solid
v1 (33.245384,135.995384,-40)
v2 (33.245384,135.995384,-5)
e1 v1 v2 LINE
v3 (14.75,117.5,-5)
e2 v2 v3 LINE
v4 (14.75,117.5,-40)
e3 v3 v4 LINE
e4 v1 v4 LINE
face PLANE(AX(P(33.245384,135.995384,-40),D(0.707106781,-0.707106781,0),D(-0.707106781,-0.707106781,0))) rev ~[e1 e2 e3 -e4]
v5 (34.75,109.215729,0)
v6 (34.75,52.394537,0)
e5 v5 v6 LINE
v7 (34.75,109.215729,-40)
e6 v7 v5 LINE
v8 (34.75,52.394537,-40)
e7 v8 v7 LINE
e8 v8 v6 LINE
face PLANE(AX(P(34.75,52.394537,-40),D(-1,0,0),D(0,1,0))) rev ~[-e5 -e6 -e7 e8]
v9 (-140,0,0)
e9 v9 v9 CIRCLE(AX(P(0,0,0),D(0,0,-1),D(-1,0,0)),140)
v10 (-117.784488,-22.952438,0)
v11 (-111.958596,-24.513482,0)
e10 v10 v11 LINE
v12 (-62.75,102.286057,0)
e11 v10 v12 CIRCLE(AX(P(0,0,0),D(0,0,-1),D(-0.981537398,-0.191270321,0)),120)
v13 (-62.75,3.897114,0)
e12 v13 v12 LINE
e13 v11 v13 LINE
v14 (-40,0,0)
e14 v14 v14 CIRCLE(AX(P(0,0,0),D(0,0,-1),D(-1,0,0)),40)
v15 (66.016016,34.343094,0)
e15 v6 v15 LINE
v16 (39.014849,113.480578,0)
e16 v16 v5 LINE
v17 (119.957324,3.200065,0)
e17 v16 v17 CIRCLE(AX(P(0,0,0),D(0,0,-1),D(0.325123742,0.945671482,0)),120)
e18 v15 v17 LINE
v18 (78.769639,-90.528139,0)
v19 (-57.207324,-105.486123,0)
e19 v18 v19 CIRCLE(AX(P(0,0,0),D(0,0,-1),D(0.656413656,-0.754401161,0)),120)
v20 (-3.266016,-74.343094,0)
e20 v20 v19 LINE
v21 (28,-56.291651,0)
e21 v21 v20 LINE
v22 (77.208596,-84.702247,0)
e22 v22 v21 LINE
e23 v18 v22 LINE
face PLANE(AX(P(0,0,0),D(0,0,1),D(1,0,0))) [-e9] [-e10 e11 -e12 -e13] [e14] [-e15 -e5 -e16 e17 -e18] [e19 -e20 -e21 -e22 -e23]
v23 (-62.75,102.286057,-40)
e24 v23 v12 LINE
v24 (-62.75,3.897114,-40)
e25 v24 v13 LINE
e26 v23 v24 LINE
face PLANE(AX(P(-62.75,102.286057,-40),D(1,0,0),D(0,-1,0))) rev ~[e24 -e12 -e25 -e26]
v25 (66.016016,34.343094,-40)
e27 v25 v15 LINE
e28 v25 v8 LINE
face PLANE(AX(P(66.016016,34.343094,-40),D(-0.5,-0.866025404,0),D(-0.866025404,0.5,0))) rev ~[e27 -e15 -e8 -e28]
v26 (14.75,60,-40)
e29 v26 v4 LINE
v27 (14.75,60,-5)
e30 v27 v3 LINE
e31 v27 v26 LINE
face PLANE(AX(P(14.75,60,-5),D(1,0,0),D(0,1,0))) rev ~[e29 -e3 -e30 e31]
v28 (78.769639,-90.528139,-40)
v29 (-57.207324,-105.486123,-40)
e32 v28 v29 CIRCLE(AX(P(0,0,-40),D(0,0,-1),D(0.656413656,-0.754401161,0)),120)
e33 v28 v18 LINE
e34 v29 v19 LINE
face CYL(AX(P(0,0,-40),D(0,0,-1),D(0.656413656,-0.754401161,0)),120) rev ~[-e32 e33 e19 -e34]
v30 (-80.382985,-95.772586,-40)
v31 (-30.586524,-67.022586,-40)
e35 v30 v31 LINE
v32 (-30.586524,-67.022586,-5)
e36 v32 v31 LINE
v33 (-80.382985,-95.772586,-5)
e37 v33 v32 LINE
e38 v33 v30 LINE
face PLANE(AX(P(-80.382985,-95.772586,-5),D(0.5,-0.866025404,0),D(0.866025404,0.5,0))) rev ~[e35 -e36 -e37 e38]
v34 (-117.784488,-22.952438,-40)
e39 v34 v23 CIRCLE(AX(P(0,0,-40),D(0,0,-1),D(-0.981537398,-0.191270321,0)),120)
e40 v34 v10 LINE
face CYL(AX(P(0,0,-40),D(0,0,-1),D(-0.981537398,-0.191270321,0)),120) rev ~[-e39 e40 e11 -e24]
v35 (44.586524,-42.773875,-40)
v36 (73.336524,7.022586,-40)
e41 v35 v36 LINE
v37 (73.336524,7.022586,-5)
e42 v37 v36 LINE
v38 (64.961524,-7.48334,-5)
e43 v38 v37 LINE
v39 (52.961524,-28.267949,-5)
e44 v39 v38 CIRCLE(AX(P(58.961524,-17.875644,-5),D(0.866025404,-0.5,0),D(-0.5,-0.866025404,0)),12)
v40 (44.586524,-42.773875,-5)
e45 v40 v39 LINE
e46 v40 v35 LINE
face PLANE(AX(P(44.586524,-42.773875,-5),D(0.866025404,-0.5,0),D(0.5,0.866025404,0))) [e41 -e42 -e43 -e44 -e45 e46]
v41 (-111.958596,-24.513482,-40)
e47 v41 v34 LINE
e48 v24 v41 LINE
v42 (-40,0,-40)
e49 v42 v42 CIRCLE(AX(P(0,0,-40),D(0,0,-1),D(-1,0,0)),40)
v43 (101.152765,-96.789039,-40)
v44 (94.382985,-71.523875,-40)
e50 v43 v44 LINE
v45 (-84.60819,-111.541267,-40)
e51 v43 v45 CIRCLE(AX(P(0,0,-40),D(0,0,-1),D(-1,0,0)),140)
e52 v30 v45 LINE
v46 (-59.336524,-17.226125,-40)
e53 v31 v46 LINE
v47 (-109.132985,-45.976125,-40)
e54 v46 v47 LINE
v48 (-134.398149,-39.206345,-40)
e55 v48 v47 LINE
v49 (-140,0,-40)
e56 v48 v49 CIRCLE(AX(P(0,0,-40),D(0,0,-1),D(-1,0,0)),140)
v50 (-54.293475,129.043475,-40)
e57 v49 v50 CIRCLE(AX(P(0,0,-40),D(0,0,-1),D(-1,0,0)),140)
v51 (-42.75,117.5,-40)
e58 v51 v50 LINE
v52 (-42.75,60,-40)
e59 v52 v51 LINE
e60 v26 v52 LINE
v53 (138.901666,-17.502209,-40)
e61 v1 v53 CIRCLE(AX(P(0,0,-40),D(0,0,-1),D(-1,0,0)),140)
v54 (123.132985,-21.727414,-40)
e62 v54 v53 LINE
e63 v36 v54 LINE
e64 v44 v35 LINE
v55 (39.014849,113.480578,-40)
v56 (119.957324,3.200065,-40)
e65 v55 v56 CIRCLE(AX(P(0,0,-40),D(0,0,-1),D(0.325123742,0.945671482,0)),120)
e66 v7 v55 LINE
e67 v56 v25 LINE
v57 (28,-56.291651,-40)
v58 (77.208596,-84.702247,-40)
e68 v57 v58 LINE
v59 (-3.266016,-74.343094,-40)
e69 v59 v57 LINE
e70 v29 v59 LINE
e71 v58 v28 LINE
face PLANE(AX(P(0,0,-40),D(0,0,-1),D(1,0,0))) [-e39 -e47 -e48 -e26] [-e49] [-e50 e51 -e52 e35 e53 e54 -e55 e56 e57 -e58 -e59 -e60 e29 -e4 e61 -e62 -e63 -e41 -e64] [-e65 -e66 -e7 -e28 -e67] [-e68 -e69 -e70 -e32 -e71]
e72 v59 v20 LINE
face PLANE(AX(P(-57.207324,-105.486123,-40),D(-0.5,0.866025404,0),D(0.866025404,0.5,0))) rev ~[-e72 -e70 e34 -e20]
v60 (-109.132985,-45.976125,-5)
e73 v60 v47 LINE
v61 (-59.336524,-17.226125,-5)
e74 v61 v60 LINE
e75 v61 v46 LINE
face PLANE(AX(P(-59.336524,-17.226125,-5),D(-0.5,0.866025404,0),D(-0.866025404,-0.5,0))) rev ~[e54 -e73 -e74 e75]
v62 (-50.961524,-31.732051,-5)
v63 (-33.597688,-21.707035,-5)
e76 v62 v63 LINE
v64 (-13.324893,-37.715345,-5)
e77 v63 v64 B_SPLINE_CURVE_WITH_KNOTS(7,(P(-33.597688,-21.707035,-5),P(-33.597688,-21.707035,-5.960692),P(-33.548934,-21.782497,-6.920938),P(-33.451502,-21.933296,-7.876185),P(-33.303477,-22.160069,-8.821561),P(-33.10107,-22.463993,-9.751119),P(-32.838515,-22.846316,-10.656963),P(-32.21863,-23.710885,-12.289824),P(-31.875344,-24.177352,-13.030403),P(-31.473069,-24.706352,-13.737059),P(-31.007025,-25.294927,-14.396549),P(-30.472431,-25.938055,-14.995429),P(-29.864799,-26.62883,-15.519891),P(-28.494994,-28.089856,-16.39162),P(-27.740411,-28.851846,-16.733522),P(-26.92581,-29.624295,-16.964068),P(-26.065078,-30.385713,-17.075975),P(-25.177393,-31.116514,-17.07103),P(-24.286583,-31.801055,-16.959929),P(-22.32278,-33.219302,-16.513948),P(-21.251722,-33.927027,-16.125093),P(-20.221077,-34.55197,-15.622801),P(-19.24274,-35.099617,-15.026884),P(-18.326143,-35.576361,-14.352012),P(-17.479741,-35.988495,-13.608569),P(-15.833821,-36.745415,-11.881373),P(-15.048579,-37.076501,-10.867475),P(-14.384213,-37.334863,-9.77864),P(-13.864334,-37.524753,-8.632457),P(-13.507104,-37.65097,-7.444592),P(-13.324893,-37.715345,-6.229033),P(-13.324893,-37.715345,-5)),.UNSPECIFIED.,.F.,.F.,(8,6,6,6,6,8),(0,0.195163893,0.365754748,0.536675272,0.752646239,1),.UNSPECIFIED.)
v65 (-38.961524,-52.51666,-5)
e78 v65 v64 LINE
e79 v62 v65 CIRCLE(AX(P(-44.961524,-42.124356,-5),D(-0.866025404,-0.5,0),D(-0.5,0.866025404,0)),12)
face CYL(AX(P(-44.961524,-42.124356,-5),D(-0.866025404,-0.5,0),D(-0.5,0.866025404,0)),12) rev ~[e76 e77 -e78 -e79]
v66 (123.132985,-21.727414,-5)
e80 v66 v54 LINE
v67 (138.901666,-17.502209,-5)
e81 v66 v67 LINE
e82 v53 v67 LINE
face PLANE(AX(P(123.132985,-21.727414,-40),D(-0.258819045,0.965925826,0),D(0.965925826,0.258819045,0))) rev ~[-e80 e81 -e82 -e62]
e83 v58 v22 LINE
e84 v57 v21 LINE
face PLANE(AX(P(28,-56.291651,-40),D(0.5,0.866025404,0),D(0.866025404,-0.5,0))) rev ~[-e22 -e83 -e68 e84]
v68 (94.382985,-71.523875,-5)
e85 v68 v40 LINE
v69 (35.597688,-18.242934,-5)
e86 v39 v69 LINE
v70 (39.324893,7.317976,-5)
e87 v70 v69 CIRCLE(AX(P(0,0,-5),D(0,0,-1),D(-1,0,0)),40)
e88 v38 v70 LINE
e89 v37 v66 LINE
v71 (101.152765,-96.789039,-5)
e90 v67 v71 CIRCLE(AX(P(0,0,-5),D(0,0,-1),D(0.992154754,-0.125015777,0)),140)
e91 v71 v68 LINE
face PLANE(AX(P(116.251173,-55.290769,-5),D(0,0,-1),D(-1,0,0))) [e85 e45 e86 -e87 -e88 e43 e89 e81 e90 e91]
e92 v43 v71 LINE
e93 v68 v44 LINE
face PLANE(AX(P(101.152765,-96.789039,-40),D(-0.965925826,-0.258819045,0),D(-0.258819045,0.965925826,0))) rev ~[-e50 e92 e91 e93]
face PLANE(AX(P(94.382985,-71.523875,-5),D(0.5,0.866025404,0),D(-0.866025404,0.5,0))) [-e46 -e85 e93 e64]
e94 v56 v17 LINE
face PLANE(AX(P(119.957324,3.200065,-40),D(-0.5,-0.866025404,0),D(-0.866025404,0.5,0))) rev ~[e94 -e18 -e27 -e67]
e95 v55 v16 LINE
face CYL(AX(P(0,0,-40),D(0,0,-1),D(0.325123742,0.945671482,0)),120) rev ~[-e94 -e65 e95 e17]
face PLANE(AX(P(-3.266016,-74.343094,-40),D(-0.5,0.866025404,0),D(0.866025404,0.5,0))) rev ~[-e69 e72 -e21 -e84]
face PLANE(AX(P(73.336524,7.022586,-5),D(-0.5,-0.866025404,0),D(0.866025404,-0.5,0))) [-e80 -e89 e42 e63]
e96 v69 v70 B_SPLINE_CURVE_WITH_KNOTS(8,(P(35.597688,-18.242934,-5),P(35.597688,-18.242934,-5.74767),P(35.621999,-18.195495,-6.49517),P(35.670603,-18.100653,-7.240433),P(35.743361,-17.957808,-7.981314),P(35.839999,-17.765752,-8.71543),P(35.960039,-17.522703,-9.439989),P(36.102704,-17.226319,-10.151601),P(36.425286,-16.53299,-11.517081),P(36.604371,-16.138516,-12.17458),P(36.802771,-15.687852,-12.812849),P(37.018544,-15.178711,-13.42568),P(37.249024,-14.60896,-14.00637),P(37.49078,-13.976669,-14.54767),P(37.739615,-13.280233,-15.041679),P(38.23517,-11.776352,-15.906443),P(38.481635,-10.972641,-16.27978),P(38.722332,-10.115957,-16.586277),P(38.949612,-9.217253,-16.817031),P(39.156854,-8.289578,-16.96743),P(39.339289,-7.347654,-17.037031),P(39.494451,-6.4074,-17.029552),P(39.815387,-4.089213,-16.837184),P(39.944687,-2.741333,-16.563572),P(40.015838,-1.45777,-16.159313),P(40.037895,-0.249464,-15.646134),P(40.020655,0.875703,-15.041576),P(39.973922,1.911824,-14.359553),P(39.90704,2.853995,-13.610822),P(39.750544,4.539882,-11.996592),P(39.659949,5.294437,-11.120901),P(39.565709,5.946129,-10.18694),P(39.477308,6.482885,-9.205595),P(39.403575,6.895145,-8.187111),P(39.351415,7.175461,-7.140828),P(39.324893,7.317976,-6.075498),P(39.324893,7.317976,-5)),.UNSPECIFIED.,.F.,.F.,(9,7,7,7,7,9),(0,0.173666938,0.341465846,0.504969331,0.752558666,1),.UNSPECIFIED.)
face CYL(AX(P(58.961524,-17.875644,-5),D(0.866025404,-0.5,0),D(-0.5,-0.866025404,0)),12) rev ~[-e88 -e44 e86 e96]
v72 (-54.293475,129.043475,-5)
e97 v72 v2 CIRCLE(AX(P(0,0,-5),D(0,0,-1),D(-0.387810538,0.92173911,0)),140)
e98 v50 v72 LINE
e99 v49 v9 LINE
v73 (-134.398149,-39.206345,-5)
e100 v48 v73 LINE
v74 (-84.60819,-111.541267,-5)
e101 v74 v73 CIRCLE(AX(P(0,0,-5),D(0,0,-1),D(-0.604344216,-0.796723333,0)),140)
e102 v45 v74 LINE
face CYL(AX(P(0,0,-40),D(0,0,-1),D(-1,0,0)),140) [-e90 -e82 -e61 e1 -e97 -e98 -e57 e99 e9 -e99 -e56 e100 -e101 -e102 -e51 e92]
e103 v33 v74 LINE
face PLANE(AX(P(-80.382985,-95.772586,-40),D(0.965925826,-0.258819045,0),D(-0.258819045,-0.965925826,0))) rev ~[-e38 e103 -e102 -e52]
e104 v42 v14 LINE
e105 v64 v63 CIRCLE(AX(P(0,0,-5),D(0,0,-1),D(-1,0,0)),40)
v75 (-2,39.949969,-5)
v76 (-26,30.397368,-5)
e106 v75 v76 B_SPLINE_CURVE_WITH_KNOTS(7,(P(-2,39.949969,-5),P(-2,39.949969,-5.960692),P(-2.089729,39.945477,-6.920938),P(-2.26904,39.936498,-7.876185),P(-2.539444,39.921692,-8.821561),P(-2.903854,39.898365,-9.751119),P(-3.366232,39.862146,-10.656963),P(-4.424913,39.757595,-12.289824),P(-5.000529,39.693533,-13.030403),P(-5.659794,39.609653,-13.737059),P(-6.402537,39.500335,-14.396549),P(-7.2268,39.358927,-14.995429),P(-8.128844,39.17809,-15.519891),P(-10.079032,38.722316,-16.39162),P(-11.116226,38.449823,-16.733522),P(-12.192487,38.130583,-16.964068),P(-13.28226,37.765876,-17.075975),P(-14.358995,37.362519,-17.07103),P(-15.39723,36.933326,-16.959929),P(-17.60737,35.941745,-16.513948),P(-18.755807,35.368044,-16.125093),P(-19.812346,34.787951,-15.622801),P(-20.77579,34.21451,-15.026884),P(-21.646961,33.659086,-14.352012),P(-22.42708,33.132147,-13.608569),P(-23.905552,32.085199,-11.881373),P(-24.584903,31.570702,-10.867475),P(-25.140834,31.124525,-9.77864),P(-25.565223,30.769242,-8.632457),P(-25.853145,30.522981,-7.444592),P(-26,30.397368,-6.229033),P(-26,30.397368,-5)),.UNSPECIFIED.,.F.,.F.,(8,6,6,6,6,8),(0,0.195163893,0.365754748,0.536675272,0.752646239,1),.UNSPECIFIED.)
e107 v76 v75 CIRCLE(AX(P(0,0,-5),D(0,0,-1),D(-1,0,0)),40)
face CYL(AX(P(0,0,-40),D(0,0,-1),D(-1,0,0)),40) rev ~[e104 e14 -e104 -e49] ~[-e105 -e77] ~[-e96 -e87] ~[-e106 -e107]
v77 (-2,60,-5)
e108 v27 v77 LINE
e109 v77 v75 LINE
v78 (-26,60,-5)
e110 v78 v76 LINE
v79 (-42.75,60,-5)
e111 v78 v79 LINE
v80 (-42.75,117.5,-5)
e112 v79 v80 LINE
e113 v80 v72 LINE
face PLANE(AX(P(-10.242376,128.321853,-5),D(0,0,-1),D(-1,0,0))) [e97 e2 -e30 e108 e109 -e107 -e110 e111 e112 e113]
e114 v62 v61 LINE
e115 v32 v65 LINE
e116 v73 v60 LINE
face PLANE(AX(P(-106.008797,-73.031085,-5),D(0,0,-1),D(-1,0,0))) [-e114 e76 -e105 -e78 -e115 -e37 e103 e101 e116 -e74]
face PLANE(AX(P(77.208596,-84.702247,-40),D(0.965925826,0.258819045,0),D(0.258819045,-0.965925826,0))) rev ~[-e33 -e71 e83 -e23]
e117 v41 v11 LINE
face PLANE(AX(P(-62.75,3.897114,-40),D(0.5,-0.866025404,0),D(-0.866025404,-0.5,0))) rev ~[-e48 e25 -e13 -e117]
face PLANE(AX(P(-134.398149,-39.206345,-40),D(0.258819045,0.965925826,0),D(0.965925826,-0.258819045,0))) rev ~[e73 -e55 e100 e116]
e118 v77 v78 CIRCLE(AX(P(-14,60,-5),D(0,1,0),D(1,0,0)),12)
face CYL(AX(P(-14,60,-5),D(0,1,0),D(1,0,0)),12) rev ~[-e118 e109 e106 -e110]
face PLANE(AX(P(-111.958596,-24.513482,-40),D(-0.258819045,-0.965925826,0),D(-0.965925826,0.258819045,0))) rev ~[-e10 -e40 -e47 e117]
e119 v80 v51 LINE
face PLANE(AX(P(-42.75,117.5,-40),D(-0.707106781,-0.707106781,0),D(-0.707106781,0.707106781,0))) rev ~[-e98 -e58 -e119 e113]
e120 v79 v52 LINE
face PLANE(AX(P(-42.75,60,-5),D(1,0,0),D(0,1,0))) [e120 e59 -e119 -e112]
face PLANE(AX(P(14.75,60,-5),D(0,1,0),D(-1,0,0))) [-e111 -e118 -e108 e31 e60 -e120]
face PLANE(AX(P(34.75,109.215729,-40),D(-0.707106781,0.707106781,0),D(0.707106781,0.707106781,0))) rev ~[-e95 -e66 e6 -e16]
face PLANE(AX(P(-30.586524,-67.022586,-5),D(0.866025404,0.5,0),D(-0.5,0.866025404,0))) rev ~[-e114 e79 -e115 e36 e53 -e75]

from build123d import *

# Parameters (mm, degrees)
SKETCH1_R               = 250
BOSS_EXTRUDE1_DEPTH     = 5
SKETCH2_R               = 250
SKETCH2_W               = 57.5
SKETCH2_H               = 57.5
BOSS_EXTRUDE2_DEPTH     = 35
SKETCH3_R               = 250
SKETCH3_R_2             = 140
CUT_EXTRUDE1_DEPTH      = 356.808937493
CUT_EXTRUDE2_DEPTH      = 35
SKETCH5_R               = 40
CUT_EXTRUDE3_DEPTH      = 202.990098767
CUT_EXTRUDE4_REACH      = 261.517
CUT_EXTRUDE4_END_RADIUS = 40
CUT_EXTRUDE5_REACH      = 249.386
CUT_EXTRUDE5_END_RADIUS = 40
CUT_EXTRUDE6_REACH      = 261.517
CUT_EXTRUDE6_END_RADIUS = 40
CUT_EXTRUDE7_DEPTH      = 202.990098787


with BuildPart() as part:
    # Sketch1 → Boss-Extrude1 (new body)
    with BuildSketch(Plane.XY):
        Circle(SKETCH1_R)
    extrude(amount=-BOSS_EXTRUDE1_DEPTH)

    # Sketch2 → Boss-Extrude2 (add)
    with BuildSketch(Plane(origin=(0, 0, -5), x_dir=(-1, 0, 0), z_dir=(0, 0, -1))):
        with Locations(Location((0, 0, 0), (0, 0, 180))):
            Circle(SKETCH2_R)
        Polygon((-73.336524227, 7.022586012), (-123.132984945, -21.727413988), (-94.382984945, -71.523874706), (-44.586524227, -42.773874706), align=None, mode=Mode.SUBTRACT)
        with Locations((14, 88.75)):
            Rectangle(SKETCH2_W, SKETCH2_H, mode=Mode.SUBTRACT)
        Polygon((80.382984945, -95.772586012), (30.586524227, -67.022586012), (59.336524227, -17.226125294), (109.132984945, -45.976125294), align=None, mode=Mode.SUBTRACT)
    extrude(amount=BOSS_EXTRUDE2_DEPTH)

    # Sketch3 → Cut-Extrude1 (cut, through all)
    with BuildSketch(Plane(origin=(0, 0, -40), x_dir=(-1, 0, 0), z_dir=(0, 0, -1))):
        Circle(SKETCH3_R)
        Circle(SKETCH3_R_2, mode=Mode.SUBTRACT)
    extrude(amount=-CUT_EXTRUDE1_DEPTH, mode=Mode.SUBTRACT)

    # Sketch4 → Cut-Extrude2 (cut)
    with BuildSketch(Plane(origin=(0, 0, -40), x_dir=(-1, 0, 0), z_dir=(0, 0, -1))):
        with BuildLine():
            Line((42.75, 117.5), (54.293475361, 129.043475361))
            ThreePointArc((54.293475361, 129.043475361), (11.083221394, 139.560604053), (-33.245383921, 135.995383921))
            Line((-33.245383921, 135.995383921), (-14.75, 117.5))
            Line((-14.75, 117.5), (42.75, 117.5))
        make_face()
        with BuildLine():
            Line((-123.132984945, -21.727413988), (-138.901665536, -17.502208758))
            ThreePointArc((-138.901665536, -17.502208758), (-126.404639174, -60.181950743), (-101.152765313, -96.789038995))
            Line((-101.152765313, -96.789038995), (-94.382984945, -71.523874706))
            Line((-94.382984945, -71.523874706), (-123.132984945, -21.727413988))
        make_face()
        with BuildLine():
            Line((80.382984945, -95.772586012), (84.608190175, -111.541266603))
            ThreePointArc((84.608190175, -111.541266603), (115.32141778, -79.378653309), (134.398149234, -39.206344926))
            Line((134.398149234, -39.206344926), (109.132984945, -45.976125294))
            Line((109.132984945, -45.976125294), (80.382984945, -95.772586012))
        make_face()
    extrude(amount=-CUT_EXTRUDE2_DEPTH, mode=Mode.SUBTRACT)

    # Sketch5 → Cut-Extrude3 (cut, through all)
    with BuildSketch(Plane(origin=(0, 0, -40), x_dir=(-1, 0, 0), z_dir=(0, 0, -1))):
        Circle(SKETCH5_R)
    extrude(amount=-CUT_EXTRUDE3_DEPTH, mode=Mode.SUBTRACT)

    # Cut-Extrude4: up to this cylinder (the profile starts outside it)
    cut_extrude4_end = Plane(origin=(0, 0, -10.092958), z_dir=(0, 0, -1)) * Cylinder(CUT_EXTRUDE4_END_RADIUS, 604.034, mode=Mode.PRIVATE)
    # Sketch7 → Cut-Extrude4 (cut, up to the surface)
    with BuildSketch(Plane(origin=(-51.961524227, -30, 0), x_dir=(0, 0, 1), z_dir=(-0.866025403784445, -0.49999999999998906, 0)), mode=Mode.PRIVATE) as cut_extrude4_sk1:
        with BuildLine():
            Line((-5, -26), (-5, -2))
            ThreePointArc((-5, -2), (-17, -14), (-5, -26))
        make_face()
    cut_extrude4_tool1 = extrude(cut_extrude4_sk1.sketch, amount=-CUT_EXTRUDE4_REACH, mode=Mode.PRIVATE) - cut_extrude4_end
    add(cut_extrude4_tool1.solids().sort_by_distance((-44.961524, -42.124356, -10.092958))[0], mode=Mode.SUBTRACT)

    # Cut-Extrude5: up to this cylinder (the profile starts outside it)
    cut_extrude5_end = Plane(origin=(0, 0, -10.092958), z_dir=(0, 0, -1)) * Cylinder(CUT_EXTRUDE5_END_RADIUS, 579.772, mode=Mode.PRIVATE)
    # Sketch8 → Cut-Extrude5 (cut, up to the surface)
    with BuildSketch(Plane(origin=(0, 60, 0), x_dir=(1, 0, 0), z_dir=(0, 1, 0)), mode=Mode.PRIVATE) as cut_extrude5_sk1:
        with BuildLine():
            Line((-26, 5), (-2, 5))
            ThreePointArc((-2, 5), (-14, 17), (-26, 5))
        make_face()
    cut_extrude5_tool1 = extrude(cut_extrude5_sk1.sketch, amount=-CUT_EXTRUDE5_REACH, mode=Mode.PRIVATE) - cut_extrude5_end
    add(cut_extrude5_tool1.solids().sort_by_distance((-14, 60, -10.092958))[0], mode=Mode.SUBTRACT)

    # Cut-Extrude6: up to this cylinder (the profile starts outside it)
    cut_extrude6_end = Plane(origin=(0, 0, -10.092958), z_dir=(0, 0, -1)) * Cylinder(CUT_EXTRUDE6_END_RADIUS, 604.034, mode=Mode.PRIVATE)
    # Sketch9 → Cut-Extrude6 (cut, up to the surface)
    with BuildSketch(Plane(origin=(51.961524227, -30, 0), x_dir=(0, 0, -1), z_dir=(0.8660254037844376, -0.5000000000000019, 0)), mode=Mode.PRIVATE) as cut_extrude6_sk1:
        with BuildLine():
            Line((5, 26), (5, 2))
            ThreePointArc((5, 2), (17, 14), (5, 26))
        make_face()
    cut_extrude6_tool1 = extrude(cut_extrude6_sk1.sketch, amount=-CUT_EXTRUDE6_REACH, mode=Mode.PRIVATE) - cut_extrude6_end
    add(cut_extrude6_tool1.solids().sort_by_distance((58.961524, -17.875644, -10.092958))[0], mode=Mode.SUBTRACT)

    # Sketch10 → Cut-Extrude7 (cut, through all)
    with BuildSketch(Plane(origin=(0, 0, -40), x_dir=(-1, 0, 0), z_dir=(0, 0, -1))):
        with BuildLine():
            Line((62.75, 40), (62.75, 3.897114317))
            Line((62.75, 3.897114317), (111.958595593, -24.513481595))
            Line((111.958595593, -24.513481595), (117.784487806, -22.952438481))
            ThreePointArc((117.784487806, -22.952438481), (109.860573104, 48.276852396), (62.75, 102.286057212))
            Line((62.75, 102.286057212), (62.75, 40))
        make_face()
        with BuildLine():
            Line((3.266016151, -74.343094087), (-28, -56.291651246))
            Line((-28, -56.291651246), (-77.208595593, -84.702247158))
            Line((-77.208595593, -84.702247158), (-78.769638706, -90.528139372))
            ThreePointArc((-78.769638706, -90.528139372), (-13.121305962, -119.28047338), (57.207323999, -105.486122694))
            Line((57.207323999, -105.486122694), (3.266016151, -74.343094087))
        make_face()
        with BuildLine():
            Line((-66.016016151, 34.343094087), (-34.75, 52.394536929))
            Line((-34.75, 52.394536929), (-34.75, 109.215728753))
            Line((-34.75, 109.215728753), (-39.0148491, 113.480577852))
            ThreePointArc((-39.0148491, 113.480577852), (-96.739267142, 71.003620984), (-119.957323999, 3.200065481))
            Line((-119.957323999, 3.200065481), (-66.016016151, 34.343094087))
        make_face()
    extrude(amount=-CUT_EXTRUDE7_DEPTH, mode=Mode.SUBTRACT)


solid = part.part
